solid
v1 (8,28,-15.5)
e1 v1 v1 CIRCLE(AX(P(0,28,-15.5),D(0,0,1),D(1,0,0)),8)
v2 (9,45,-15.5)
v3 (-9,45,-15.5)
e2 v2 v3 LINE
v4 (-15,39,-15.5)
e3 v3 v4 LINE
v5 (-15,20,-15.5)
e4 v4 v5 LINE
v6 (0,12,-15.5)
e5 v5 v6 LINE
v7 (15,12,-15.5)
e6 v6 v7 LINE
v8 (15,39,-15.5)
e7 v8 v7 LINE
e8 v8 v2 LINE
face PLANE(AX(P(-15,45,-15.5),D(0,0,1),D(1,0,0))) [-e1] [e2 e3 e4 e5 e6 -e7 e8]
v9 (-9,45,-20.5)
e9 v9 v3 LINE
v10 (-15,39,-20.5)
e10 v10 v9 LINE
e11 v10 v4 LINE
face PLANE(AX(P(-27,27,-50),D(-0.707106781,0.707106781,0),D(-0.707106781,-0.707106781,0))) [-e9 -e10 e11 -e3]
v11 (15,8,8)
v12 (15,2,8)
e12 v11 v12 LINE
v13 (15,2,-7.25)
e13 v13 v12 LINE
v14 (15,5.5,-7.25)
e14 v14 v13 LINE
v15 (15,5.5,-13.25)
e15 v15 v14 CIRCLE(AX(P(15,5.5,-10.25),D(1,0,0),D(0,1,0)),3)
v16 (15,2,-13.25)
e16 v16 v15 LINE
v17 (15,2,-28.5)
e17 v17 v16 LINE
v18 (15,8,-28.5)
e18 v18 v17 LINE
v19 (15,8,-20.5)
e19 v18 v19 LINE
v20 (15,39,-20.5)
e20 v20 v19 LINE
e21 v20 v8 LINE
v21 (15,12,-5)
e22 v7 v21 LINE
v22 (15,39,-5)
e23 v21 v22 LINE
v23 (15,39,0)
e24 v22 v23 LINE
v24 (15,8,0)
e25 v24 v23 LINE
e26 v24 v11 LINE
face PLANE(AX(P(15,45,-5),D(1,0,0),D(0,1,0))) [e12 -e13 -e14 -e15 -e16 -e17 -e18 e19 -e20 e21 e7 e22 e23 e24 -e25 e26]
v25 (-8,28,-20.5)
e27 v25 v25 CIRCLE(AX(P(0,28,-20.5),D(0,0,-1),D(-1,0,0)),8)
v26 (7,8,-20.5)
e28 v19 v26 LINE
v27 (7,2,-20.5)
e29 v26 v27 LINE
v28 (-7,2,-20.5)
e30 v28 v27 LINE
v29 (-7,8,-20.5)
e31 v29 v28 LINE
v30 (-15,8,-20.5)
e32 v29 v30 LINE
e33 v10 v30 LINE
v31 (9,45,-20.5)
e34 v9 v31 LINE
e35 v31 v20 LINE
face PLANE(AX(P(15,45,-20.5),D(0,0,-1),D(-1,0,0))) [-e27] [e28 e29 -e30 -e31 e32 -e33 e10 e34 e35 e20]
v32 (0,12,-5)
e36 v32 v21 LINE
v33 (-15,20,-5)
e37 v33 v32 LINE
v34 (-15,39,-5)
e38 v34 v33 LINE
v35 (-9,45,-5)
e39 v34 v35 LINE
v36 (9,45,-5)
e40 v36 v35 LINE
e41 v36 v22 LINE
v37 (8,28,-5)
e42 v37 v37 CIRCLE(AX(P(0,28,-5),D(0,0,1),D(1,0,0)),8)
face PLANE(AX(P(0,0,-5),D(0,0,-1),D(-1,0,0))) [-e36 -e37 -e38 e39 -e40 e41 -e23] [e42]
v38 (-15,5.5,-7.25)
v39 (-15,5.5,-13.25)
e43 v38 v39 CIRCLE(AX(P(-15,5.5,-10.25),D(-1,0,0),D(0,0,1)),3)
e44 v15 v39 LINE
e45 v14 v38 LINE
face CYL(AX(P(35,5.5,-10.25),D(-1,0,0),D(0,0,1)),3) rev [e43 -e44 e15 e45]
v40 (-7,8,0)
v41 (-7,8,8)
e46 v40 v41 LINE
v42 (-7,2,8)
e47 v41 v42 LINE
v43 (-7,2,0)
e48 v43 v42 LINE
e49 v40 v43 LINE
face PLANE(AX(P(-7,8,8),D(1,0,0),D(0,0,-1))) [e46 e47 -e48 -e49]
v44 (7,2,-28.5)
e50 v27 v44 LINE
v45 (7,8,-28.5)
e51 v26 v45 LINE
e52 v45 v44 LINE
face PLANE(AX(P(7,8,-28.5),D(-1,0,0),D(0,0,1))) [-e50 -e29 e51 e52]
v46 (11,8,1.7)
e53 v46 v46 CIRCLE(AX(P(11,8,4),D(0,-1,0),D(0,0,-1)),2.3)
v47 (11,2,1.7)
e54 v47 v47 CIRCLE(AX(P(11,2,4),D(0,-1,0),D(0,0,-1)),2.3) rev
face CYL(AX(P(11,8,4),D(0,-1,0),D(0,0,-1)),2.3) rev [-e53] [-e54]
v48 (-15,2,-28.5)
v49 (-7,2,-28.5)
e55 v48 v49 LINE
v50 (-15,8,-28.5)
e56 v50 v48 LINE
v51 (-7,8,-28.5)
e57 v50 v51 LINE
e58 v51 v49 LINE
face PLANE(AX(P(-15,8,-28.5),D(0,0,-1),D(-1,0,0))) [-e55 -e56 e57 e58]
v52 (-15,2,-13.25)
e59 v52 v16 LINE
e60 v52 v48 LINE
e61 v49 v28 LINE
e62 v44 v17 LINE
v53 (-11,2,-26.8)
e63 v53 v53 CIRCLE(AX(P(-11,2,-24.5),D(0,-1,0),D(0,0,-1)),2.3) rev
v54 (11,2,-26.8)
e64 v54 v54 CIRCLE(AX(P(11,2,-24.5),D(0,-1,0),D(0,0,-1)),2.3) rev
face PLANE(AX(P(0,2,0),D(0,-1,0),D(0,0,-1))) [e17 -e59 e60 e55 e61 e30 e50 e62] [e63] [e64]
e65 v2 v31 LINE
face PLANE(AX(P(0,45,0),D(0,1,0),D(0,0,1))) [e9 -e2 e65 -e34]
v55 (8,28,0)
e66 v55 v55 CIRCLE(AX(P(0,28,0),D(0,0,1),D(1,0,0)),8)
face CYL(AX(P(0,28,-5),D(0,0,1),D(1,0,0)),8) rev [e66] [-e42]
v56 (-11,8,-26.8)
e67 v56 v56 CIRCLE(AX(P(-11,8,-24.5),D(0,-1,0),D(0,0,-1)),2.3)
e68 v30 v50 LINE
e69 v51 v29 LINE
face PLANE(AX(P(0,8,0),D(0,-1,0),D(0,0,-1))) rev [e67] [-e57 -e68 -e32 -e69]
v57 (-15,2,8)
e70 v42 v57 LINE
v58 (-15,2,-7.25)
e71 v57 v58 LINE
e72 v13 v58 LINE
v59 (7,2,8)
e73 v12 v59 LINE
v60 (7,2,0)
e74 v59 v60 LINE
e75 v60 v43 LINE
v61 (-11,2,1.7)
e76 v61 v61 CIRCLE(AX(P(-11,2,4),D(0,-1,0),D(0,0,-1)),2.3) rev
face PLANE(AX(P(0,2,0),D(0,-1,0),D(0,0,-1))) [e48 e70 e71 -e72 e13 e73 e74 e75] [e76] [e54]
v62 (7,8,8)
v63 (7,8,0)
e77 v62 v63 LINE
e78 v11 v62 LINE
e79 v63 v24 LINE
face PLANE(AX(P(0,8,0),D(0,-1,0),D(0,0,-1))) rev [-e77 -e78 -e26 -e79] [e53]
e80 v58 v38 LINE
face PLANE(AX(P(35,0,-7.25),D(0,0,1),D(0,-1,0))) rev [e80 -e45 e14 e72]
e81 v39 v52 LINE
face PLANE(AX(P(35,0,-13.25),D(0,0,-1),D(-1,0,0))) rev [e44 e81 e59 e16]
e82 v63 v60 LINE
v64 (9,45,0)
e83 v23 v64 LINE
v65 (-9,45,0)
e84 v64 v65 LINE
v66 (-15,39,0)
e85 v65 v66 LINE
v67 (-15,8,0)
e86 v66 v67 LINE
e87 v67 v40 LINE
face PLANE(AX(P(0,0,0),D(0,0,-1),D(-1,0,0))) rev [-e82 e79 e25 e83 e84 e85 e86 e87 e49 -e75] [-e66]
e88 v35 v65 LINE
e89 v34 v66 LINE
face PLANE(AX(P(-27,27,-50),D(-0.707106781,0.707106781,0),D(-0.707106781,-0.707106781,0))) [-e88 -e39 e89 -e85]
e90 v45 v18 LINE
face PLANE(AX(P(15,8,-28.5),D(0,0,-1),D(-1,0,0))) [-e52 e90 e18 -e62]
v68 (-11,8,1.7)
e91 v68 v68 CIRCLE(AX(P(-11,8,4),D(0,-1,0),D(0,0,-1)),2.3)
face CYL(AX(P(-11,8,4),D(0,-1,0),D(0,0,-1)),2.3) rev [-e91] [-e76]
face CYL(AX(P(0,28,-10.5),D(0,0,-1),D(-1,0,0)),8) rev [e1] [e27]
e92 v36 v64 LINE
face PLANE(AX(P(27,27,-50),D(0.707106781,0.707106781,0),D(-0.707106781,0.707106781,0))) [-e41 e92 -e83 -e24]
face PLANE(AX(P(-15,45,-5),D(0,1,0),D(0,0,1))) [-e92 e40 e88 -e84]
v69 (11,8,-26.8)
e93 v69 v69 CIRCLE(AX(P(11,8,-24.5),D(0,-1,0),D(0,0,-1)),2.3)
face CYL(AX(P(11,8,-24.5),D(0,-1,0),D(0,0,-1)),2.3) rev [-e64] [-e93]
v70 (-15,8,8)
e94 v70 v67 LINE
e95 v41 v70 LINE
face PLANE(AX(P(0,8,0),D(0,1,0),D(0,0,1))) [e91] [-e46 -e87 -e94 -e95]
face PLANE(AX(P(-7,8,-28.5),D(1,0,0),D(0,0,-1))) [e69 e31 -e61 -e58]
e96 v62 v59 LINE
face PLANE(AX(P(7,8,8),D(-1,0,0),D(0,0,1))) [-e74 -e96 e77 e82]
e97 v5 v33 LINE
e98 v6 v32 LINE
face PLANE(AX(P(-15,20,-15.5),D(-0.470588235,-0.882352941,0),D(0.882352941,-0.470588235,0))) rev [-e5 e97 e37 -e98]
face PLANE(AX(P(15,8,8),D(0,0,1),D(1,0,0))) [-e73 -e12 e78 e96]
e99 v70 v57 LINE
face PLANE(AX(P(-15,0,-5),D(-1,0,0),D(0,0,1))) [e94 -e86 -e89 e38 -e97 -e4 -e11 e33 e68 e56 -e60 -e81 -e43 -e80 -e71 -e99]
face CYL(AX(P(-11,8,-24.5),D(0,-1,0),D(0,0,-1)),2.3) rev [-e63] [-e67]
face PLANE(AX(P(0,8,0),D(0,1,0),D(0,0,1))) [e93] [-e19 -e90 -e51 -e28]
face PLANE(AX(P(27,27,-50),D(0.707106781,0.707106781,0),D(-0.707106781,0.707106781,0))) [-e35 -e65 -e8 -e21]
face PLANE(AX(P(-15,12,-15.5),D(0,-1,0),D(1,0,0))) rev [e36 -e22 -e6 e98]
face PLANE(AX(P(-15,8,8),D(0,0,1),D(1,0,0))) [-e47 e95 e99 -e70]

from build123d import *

# Parameters (mm, degrees)
ESQUISSE1_R             = 8
BOSS_EXTRU_1_DEPTH      = 5
ESQUISSE2_W             = 30
ESQUISSE2_H             = 12
BOSS_EXTRU_2_DEPTH      = 10.5
ESQUISSE4_W             = 30
ESQUISSE4_H             = 5
BOSS_EXTRU_3_DEPTH      = 45
ENL_V_START             = -10
ESQUISSE6_R             = 8
ENL_V_MAT_EXTRU_3_DEPTH = 10
ESQUISSE8_W             = 8
ESQUISSE8_H             = 8
ESQUISSE8_R             = 2.3
BOSS_EXTRU_4_DEPTH      = 8
ENL_V_MAT_EXTRU_4_DEPTH = 2
ENL_V_MAT_EXTRU_5_DEPTH = 50
ENL_V_MAT_EXTRU_6_DEPTH = 50
BOSS_EXTRU_5_DEPTH      = 10.5


with BuildPart() as part:
    # Esquisse1 → Boss.-Extru.1 (new body)
    with BuildSketch(Plane.XY):
        Polygon((0, 0), (15, 0), (15, 45), (-15, 45), (-15, 0), align=None)
        with Locations((0, 28)):
            Circle(ESQUISSE1_R, mode=Mode.SUBTRACT)
    extrude(amount=-BOSS_EXTRU_1_DEPTH)

    # Esquisse2 → Boss.-Extru.2 (add)
    with BuildSketch(Plane(origin=(0, 0, -5), x_dir=(-1, 0, 0), z_dir=(0, 0, -1))):
        with Locations((0, 6)):
            Rectangle(ESQUISSE2_W, ESQUISSE2_H)
    extrude(amount=BOSS_EXTRU_2_DEPTH)

    # Esquisse4 → Boss.-Extru.3 (add)
    with BuildSketch(Plane.XZ):
        with Locations((0, -18)):
            Rectangle(ESQUISSE4_W, ESQUISSE4_H)
    extrude(amount=-BOSS_EXTRU_3_DEPTH)

    # Esquisse6 → Enlèv. mat.-Extru.3 (cut)
    with BuildSketch(Plane(origin=(0, 0, -20.5), x_dir=(-1, 0, 0), z_dir=(0, 0, -1)).offset(ENL_V_START)):
        with Locations(Location((0, 28, 0), (0, 0, 180))):
            Circle(ESQUISSE6_R)
    extrude(amount=ENL_V_MAT_EXTRU_3_DEPTH, mode=Mode.SUBTRACT)

    # Esquisse8 → Boss.-Extru.4 (add)
    # profile 1 of 4: a face of its own
    with BuildSketch(Plane.XZ):
        with Locations((-11, 4)):
            Rectangle(ESQUISSE8_W, ESQUISSE8_H)
        with Locations(Location((-11, 4, 0), (0, 0, 270))):
            Circle(ESQUISSE8_R, mode=Mode.SUBTRACT)
    # profile 2 of 4: a face of its own
    with BuildSketch(Plane.XZ):
        with Locations((11, 4)):
            Rectangle(ESQUISSE8_W, ESQUISSE8_H)
        with Locations(Location((11, 4, 0), (0, 0, 270))):
            Circle(ESQUISSE8_R, mode=Mode.SUBTRACT)
    # profile 3 of 4: a face of its own
    with BuildSketch(Plane.XZ):
        with Locations((-11, -24.5)):
            Rectangle(ESQUISSE8_W, ESQUISSE8_H)
        with Locations(Location((-11, -24.5, 0), (0, 0, 270))):
            Circle(ESQUISSE8_R, mode=Mode.SUBTRACT)
    # profile 4 of 4: a face of its own
    with BuildSketch(Plane.XZ):
        with Locations((11, -24.5)):
            Rectangle(ESQUISSE8_W, ESQUISSE8_H)
        with Locations(Location((11, -24.5, 0), (0, 0, 270))):
            Circle(ESQUISSE8_R, mode=Mode.SUBTRACT)
    extrude(amount=-BOSS_EXTRU_4_DEPTH)

    # Esquisse9 → Enlèv. mat.-Extru.4 (cut)
    with BuildSketch(Plane.XZ):
        Polygon((-15, 8), (-15, -28.5), (-7, -28.5), (-7, -20.5), (7, -20.5), (7, -28.5), (15, -28.5), (15, 8), (7, 8), (7, 0), (-7, 0), (-7, 8), align=None)
    extrude(amount=-ENL_V_MAT_EXTRU_4_DEPTH, mode=Mode.SUBTRACT)

    # Esquisse10 → Enlèv. mat.-Extru.5 (cut)
    with BuildSketch(Plane.ZY.offset(15)):
        with BuildLine():
            Line((-13.25, 2), (-7.25, 2))
            Line((-7.25, 2), (-7.25, 5.5))
            ThreePointArc((-7.25, 5.5), (-10.25, 8.5), (-13.25, 5.5))
            Line((-13.25, 5.5), (-13.25, 2))
        make_face()
    extrude(amount=-ENL_V_MAT_EXTRU_5_DEPTH, mode=Mode.SUBTRACT)

    # Esquisse11 → Enlèv. mat.-Extru.6 (cut)
    with BuildSketch(Plane.XY):
        Polygon((-9, 45), (-15, 45), (-15, 39), align=None)
        Polygon((15, 45), (9, 45), (15, 39), align=None)
    extrude(amount=-ENL_V_MAT_EXTRU_6_DEPTH, mode=Mode.SUBTRACT)

    # Esquisse12 → Boss.-Extru.5 (add)
    with BuildSketch(Plane(origin=(0, 0, -5), x_dir=(-1, 0, 0), z_dir=(0, 0, -1))):
        Polygon((0, 12), (15, 12), (15, 20), align=None)
    extrude(amount=BOSS_EXTRU_5_DEPTH)


solid = part.part
